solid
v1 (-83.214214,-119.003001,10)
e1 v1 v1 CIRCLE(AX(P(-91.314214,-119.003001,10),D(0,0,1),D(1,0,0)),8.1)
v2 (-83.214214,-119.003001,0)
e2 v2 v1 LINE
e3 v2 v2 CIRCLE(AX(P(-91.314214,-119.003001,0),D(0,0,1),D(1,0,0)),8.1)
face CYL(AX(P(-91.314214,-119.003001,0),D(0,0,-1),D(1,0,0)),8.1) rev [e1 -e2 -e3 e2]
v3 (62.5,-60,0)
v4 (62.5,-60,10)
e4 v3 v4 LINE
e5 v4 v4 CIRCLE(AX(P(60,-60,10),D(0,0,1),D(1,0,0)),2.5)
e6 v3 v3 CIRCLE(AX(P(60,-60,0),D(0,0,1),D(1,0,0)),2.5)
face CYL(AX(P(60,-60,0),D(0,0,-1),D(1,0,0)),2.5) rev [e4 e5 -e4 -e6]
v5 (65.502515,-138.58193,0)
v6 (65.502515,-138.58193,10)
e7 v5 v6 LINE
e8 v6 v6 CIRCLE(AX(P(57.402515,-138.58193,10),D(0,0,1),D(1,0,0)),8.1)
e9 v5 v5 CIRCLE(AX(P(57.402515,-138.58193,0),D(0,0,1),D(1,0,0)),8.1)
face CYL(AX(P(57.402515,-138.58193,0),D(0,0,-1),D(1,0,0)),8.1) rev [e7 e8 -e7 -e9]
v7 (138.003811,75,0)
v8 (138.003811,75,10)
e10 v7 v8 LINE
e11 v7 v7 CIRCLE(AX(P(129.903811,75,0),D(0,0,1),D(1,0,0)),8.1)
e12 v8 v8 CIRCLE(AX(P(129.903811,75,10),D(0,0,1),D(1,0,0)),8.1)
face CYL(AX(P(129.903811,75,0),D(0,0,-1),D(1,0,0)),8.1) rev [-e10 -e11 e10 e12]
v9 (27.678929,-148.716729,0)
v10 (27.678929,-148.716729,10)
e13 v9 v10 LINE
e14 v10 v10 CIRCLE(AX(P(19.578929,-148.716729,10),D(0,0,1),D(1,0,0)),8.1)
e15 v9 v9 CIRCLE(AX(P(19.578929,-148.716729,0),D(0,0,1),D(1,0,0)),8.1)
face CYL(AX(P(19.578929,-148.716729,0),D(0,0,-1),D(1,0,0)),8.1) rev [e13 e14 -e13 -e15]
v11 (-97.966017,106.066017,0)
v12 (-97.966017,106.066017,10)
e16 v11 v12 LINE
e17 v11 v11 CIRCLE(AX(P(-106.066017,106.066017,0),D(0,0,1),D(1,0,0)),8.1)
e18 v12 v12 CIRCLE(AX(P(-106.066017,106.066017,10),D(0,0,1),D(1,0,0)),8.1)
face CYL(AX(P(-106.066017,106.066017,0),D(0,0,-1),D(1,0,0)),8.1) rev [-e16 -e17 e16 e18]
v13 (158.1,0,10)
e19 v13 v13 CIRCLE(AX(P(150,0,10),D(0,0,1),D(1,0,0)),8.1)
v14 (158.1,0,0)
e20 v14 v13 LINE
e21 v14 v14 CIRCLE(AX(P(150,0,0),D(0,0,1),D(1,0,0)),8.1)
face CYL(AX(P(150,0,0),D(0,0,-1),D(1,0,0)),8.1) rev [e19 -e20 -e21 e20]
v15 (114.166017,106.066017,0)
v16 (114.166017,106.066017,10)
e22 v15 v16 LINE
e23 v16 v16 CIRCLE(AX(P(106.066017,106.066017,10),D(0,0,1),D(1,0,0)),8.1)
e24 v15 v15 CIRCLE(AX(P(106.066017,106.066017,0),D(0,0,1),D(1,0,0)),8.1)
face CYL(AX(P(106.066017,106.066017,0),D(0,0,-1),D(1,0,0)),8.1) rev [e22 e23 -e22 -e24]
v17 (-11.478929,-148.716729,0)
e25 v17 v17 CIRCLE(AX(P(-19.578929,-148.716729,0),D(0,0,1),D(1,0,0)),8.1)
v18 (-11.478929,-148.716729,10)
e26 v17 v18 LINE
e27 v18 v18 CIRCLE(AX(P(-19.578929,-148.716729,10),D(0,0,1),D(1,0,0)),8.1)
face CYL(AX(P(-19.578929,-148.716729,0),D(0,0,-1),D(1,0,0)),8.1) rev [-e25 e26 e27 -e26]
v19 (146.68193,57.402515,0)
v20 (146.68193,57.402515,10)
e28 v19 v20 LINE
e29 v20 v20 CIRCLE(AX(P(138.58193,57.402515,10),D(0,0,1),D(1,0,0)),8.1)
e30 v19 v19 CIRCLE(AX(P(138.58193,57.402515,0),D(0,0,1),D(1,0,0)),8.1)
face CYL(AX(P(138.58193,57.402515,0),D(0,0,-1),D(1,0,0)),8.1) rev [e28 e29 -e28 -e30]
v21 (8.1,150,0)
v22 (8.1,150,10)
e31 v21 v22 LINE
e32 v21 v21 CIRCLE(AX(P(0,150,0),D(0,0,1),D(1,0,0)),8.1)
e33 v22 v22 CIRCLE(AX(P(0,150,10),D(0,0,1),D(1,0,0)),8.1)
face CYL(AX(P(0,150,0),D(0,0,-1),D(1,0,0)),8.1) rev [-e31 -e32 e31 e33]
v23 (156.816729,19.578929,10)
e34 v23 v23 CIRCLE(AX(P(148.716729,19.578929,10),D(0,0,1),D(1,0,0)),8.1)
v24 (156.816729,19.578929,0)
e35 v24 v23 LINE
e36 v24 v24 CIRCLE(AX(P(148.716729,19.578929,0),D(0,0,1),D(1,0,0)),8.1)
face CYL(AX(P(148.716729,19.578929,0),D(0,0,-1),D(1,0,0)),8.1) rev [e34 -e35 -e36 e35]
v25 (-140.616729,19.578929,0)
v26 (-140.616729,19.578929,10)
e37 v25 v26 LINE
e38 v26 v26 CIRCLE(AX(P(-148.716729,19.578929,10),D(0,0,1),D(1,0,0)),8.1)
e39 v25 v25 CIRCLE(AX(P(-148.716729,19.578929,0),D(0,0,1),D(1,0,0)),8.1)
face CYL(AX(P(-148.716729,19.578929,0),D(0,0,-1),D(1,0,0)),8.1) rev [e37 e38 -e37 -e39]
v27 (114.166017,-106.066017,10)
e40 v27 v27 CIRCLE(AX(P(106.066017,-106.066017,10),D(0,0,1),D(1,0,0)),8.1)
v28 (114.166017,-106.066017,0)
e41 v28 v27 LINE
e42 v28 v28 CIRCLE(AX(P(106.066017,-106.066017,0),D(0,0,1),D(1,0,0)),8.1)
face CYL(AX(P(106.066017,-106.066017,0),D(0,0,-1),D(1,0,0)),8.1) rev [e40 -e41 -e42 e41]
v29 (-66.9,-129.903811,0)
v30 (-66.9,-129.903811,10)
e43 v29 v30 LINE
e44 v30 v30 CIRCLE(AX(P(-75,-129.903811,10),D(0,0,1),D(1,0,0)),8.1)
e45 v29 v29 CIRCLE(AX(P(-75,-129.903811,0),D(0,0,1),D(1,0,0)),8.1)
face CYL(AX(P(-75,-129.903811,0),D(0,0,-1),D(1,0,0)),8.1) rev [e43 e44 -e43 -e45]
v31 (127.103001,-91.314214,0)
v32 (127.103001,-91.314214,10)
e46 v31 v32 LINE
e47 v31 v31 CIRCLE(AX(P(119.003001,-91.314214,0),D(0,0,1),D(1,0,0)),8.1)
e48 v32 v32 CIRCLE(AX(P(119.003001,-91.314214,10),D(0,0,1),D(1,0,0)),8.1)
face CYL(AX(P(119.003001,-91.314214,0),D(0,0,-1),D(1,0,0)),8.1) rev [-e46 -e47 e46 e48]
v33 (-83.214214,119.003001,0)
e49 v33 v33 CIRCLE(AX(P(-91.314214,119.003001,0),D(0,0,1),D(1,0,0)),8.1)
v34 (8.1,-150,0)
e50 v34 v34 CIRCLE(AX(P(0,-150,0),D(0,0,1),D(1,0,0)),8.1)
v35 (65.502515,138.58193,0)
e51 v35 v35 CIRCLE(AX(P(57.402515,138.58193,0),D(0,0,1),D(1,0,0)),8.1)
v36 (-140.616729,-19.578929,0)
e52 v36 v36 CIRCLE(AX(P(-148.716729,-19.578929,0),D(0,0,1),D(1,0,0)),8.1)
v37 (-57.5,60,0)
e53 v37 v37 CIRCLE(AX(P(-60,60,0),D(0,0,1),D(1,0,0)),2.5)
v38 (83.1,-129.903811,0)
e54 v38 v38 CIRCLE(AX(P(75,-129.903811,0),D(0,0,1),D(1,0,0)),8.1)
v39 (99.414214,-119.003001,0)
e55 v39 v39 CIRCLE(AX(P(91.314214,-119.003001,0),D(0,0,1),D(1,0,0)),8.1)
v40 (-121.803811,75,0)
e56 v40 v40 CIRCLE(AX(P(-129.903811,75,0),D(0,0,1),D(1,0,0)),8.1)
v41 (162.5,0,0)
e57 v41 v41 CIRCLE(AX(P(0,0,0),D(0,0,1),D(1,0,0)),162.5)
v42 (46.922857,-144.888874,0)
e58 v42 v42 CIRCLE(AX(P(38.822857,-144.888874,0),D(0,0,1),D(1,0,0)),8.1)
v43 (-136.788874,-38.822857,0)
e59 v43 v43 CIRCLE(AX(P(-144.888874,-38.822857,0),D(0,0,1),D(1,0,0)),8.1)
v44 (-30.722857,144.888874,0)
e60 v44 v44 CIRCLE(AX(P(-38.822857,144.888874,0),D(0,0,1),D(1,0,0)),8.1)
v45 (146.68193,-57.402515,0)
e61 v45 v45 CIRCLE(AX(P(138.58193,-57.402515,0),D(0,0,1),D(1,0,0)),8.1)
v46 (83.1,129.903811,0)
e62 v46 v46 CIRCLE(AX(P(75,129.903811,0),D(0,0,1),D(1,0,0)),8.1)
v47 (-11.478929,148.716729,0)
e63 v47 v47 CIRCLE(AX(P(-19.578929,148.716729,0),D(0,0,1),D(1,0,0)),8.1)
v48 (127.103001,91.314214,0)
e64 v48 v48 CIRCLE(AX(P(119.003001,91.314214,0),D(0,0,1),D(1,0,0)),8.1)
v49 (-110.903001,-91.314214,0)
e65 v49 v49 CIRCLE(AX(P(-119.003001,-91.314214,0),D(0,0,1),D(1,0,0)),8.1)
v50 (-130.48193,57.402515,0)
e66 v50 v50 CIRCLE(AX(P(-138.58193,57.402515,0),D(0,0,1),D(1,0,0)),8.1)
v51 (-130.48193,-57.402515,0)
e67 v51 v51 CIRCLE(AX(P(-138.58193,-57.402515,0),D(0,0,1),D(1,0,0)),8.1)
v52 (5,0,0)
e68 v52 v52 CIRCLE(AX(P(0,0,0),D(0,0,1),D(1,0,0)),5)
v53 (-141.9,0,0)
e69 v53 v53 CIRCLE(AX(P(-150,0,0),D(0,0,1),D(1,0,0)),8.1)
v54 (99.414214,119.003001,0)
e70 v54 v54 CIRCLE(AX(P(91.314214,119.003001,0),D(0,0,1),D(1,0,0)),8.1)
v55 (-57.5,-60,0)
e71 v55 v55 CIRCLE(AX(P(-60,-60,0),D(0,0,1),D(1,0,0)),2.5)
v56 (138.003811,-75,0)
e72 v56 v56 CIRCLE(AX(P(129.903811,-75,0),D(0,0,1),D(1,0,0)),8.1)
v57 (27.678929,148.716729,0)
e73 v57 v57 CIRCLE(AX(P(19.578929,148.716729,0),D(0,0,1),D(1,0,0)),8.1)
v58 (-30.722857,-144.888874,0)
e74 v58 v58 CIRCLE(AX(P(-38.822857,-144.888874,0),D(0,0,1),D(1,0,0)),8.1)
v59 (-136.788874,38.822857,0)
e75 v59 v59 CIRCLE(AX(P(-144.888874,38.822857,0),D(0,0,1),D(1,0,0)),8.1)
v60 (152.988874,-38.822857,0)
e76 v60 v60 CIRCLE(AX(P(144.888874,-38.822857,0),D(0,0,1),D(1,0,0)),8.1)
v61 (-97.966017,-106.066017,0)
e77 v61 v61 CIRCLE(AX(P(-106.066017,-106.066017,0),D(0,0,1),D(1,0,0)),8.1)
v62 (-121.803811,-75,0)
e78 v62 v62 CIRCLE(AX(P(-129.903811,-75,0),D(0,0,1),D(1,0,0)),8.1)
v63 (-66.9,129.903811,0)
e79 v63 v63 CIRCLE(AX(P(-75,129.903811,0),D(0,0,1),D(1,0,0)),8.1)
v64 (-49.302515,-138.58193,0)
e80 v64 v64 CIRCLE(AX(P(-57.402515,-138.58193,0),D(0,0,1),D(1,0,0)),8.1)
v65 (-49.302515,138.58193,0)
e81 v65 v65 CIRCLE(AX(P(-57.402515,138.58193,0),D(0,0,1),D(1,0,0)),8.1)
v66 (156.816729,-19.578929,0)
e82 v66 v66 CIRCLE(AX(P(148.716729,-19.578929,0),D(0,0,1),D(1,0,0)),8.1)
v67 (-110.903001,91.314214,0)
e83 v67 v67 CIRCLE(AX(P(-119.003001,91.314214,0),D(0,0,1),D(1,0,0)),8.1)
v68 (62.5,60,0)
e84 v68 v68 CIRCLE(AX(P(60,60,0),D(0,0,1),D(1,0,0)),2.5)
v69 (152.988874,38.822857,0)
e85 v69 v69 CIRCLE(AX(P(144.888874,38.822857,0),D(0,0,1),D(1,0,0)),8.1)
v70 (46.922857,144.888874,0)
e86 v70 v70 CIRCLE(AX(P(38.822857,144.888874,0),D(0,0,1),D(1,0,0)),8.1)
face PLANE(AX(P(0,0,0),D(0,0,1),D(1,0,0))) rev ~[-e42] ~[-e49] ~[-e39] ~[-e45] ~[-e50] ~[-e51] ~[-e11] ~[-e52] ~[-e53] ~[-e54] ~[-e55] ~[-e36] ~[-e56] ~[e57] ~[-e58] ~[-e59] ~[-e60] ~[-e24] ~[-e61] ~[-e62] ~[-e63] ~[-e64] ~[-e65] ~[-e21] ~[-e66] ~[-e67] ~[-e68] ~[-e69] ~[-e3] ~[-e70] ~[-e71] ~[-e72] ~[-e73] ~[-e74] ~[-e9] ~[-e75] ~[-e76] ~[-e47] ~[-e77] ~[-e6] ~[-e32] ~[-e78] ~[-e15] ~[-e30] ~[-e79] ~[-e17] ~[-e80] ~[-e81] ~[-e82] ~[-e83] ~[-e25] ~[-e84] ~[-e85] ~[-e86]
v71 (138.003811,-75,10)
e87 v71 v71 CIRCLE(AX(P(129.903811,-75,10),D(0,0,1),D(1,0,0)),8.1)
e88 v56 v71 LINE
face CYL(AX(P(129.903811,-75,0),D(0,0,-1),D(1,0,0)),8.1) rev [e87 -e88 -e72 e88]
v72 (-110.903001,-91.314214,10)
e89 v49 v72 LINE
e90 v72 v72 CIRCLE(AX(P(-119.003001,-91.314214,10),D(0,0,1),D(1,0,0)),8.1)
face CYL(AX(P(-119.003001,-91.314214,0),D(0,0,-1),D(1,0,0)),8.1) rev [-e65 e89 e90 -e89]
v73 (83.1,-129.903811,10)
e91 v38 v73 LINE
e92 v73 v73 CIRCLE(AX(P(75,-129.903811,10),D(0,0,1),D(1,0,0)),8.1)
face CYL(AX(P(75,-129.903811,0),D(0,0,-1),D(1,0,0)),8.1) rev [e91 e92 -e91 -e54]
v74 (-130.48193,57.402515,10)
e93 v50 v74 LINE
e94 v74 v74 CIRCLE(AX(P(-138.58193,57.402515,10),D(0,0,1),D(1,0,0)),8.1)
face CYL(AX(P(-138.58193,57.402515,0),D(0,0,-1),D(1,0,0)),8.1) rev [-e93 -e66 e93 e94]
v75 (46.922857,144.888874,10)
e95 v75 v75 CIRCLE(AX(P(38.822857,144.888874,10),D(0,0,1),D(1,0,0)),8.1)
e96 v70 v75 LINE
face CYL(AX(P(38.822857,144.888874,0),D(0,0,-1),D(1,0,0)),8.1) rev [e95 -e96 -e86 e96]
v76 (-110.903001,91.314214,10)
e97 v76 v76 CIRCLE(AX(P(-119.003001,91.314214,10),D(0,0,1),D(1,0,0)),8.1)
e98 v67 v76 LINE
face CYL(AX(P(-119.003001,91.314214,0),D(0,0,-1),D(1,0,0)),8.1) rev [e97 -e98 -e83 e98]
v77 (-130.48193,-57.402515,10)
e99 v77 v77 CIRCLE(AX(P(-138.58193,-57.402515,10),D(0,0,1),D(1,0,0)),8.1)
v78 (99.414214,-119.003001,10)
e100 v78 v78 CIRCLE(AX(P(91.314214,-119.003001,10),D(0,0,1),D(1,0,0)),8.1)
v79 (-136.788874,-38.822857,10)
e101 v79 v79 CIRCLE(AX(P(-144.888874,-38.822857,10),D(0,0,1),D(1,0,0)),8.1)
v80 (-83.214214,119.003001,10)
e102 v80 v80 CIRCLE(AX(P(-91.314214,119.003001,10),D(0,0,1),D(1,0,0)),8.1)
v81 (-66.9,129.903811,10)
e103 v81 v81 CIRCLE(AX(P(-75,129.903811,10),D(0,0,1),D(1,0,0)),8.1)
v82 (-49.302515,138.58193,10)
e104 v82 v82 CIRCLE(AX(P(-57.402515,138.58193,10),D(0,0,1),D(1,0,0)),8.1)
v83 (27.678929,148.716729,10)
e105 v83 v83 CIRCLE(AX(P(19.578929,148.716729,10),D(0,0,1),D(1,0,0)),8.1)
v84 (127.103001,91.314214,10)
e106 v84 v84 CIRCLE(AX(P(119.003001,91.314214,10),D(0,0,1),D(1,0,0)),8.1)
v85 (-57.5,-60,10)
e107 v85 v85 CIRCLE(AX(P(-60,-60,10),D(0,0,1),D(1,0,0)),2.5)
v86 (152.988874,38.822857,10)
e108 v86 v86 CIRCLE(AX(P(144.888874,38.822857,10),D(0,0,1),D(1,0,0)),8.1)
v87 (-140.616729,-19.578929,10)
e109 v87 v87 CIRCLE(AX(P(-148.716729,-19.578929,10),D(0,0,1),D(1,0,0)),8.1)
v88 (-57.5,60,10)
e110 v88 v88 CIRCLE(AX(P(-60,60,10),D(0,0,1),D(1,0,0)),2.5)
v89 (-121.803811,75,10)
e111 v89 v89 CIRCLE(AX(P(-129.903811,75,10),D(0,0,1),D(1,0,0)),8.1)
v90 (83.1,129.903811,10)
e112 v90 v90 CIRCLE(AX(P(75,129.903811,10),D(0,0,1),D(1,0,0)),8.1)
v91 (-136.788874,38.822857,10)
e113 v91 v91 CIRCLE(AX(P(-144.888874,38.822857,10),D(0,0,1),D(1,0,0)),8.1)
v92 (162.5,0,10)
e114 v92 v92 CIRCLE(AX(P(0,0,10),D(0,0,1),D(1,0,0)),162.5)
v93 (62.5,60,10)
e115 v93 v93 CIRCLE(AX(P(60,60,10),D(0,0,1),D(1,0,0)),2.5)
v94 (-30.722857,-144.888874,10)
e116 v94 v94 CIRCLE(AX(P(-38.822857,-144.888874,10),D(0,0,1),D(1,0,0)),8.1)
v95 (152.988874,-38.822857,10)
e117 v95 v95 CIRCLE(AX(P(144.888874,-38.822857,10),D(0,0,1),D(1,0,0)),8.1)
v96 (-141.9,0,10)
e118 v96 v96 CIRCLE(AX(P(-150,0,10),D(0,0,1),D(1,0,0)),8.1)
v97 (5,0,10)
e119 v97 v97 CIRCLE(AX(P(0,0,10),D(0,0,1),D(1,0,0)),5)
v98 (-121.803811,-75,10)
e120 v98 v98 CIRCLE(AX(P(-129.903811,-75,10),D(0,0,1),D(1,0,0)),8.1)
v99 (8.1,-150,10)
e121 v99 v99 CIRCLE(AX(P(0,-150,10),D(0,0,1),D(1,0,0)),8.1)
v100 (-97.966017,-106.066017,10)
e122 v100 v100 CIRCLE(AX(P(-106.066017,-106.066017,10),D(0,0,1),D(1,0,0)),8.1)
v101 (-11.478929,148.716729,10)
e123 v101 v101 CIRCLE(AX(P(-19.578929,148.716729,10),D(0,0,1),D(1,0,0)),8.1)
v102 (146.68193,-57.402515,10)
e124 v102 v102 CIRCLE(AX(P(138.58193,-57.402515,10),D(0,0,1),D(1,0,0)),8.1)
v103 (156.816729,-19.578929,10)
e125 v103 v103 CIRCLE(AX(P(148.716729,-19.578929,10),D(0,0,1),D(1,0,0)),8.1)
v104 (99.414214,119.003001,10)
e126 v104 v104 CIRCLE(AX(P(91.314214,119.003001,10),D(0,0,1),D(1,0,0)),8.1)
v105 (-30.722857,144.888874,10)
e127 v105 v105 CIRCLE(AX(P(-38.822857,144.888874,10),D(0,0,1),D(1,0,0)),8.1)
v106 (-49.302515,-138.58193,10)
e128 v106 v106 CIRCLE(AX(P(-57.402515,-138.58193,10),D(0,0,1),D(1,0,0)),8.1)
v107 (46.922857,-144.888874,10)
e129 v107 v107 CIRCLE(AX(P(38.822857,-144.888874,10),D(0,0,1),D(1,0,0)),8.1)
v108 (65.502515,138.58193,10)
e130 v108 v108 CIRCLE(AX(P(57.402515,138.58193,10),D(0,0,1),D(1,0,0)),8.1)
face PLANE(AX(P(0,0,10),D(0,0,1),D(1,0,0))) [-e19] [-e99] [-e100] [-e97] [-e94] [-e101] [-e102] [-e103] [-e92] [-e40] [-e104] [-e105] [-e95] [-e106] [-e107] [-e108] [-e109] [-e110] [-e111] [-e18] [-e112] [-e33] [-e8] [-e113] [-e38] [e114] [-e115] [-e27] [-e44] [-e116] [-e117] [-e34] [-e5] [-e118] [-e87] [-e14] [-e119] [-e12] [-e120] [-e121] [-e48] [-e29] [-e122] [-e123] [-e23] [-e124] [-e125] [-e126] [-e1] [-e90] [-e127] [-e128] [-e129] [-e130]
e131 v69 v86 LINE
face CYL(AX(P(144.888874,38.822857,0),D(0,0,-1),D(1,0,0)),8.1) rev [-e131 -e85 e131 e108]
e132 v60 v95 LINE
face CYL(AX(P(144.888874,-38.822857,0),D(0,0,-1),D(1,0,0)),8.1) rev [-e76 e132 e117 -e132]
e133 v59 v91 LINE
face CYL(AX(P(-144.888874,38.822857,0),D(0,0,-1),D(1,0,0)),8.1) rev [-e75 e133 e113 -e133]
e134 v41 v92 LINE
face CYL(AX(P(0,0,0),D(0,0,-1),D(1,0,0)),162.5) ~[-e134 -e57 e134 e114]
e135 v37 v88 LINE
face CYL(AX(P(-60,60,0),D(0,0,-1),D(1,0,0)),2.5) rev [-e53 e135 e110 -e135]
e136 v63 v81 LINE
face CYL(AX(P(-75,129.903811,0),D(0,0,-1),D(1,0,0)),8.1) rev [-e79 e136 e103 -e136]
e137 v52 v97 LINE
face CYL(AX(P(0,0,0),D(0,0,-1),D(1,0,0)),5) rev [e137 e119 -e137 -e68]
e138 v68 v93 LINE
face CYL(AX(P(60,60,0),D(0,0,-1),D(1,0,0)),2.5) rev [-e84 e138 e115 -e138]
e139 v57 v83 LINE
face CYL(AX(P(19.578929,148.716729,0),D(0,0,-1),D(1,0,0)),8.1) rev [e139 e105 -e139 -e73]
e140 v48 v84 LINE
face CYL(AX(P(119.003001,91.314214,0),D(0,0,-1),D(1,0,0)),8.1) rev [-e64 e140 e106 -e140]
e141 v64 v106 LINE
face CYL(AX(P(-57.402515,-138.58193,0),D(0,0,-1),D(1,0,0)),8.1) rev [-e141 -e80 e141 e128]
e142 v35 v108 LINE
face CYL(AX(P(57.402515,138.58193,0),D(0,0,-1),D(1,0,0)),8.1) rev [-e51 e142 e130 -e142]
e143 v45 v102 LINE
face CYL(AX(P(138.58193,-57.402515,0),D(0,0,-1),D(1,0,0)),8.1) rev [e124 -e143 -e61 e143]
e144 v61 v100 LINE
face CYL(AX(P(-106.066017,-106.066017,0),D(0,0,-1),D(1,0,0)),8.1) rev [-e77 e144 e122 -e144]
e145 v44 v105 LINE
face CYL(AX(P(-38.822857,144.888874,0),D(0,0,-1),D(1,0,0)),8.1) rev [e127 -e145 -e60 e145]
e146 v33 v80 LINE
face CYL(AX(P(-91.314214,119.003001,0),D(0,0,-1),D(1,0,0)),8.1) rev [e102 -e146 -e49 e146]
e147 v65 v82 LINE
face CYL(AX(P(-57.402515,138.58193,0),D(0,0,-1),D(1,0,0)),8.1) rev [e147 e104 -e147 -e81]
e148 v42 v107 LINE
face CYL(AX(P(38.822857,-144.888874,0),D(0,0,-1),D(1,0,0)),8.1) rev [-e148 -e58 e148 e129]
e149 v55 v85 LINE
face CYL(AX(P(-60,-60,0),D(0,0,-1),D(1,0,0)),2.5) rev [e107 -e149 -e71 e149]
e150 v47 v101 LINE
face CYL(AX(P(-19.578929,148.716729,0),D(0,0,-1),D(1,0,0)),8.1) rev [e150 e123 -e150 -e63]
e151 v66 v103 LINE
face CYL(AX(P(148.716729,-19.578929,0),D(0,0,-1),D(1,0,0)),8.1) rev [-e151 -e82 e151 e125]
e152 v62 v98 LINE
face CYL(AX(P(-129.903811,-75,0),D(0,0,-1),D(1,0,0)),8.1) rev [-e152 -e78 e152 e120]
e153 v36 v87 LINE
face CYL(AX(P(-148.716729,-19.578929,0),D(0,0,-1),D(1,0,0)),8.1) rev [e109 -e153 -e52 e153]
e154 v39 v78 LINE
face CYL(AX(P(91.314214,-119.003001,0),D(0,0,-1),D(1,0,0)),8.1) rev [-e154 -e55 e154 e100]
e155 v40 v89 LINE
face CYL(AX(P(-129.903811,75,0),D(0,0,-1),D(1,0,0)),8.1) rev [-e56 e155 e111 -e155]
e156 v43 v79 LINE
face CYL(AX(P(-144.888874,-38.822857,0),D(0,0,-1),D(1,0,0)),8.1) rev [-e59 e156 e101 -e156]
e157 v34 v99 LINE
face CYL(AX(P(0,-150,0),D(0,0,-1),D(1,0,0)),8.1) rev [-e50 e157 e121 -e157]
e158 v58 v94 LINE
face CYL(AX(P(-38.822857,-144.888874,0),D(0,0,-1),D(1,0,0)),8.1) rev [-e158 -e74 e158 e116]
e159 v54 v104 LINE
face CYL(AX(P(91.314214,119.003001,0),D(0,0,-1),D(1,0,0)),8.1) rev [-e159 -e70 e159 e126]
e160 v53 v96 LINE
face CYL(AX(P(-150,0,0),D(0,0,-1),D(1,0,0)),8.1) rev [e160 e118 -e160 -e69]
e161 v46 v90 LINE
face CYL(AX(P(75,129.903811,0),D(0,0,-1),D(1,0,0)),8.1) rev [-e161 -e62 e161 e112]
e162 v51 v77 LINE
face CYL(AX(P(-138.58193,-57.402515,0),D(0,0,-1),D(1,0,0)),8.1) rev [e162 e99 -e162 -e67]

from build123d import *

# Parameters (mm, degrees)
F0_R     = 162.5
F0_R_2   = 8.1
F0_R_3   = 2.5
F0_R_4   = 5
F1_DEPTH = 10


with BuildPart() as f1:
    # F0 (on Top) → F1 (new body)
    with BuildSketch(Plane.XY):
        Circle(F0_R)
        with Locations((-106.066017, -106.066017)):
            Circle(F0_R_2, mode=Mode.SUBTRACT)
        with Locations((-91.314214, -119.003001)):
            Circle(F0_R_2, mode=Mode.SUBTRACT)
        with Locations((-119.003001, -91.314214)):
            Circle(F0_R_2, mode=Mode.SUBTRACT)
        with Locations((-75, -129.903811)):
            Circle(F0_R_2, mode=Mode.SUBTRACT)
        with Locations((-57.402515, -138.58193)):
            Circle(F0_R_2, mode=Mode.SUBTRACT)
        with Locations((-38.822857, -144.888874)):
            Circle(F0_R_2, mode=Mode.SUBTRACT)
        with Locations((-19.578929, -148.716729)):
            Circle(F0_R_2, mode=Mode.SUBTRACT)
        with Locations((-129.903811, -75)):
            Circle(F0_R_2, mode=Mode.SUBTRACT)
        with Locations((-138.58193, -57.402515)):
            Circle(F0_R_2, mode=Mode.SUBTRACT)
        with Locations((-144.888874, -38.822857)):
            Circle(F0_R_2, mode=Mode.SUBTRACT)
        with Locations((-148.716729, -19.578929)):
            Circle(F0_R_2, mode=Mode.SUBTRACT)
        with Locations((-60, -60)):
            Circle(F0_R_3, mode=Mode.SUBTRACT)
        with Locations((0, -150)):
            Circle(F0_R_2, mode=Mode.SUBTRACT)
        with Locations((19.578929, -148.716729)):
            Circle(F0_R_2, mode=Mode.SUBTRACT)
        with Locations((38.822857, -144.888874)):
            Circle(F0_R_2, mode=Mode.SUBTRACT)
        with Locations((57.402515, -138.58193)):
            Circle(F0_R_2, mode=Mode.SUBTRACT)
        with Locations((75, -129.903811)):
            Circle(F0_R_2, mode=Mode.SUBTRACT)
        with Locations((91.314214, -119.003001)):
            Circle(F0_R_2, mode=Mode.SUBTRACT)
        with Locations((106.066017, -106.066017)):
            Circle(F0_R_2, mode=Mode.SUBTRACT)
        with Locations((119.003001, -91.314214)):
            Circle(F0_R_2, mode=Mode.SUBTRACT)
        with Locations((60, -60)):
            Circle(F0_R_3, mode=Mode.SUBTRACT)
        with Locations((129.903811, -75)):
            Circle(F0_R_2, mode=Mode.SUBTRACT)
        with Locations((138.58193, -57.402515)):
            Circle(F0_R_2, mode=Mode.SUBTRACT)
        with Locations((144.888874, -38.822857)):
            Circle(F0_R_2, mode=Mode.SUBTRACT)
        with Locations((148.716729, -19.578929)):
            Circle(F0_R_2, mode=Mode.SUBTRACT)
        with Locations((-150, 0)):
            Circle(F0_R_2, mode=Mode.SUBTRACT)
        with Locations((-148.716729, 19.578929)):
            Circle(F0_R_2, mode=Mode.SUBTRACT)
        with Locations((-144.888874, 38.822857)):
            Circle(F0_R_2, mode=Mode.SUBTRACT)
        with Locations((-138.58193, 57.402515)):
            Circle(F0_R_2, mode=Mode.SUBTRACT)
        with Locations((-129.903811, 75)):
            Circle(F0_R_2, mode=Mode.SUBTRACT)
        with Locations((-60, 60)):
            Circle(F0_R_3, mode=Mode.SUBTRACT)
        with Locations((-119.003001, 91.314214)):
            Circle(F0_R_2, mode=Mode.SUBTRACT)
        with Locations((-106.066017, 106.066017)):
            Circle(F0_R_2, mode=Mode.SUBTRACT)
        with Locations((-91.314214, 119.003001)):
            Circle(F0_R_2, mode=Mode.SUBTRACT)
        with Locations((-75, 129.903811)):
            Circle(F0_R_2, mode=Mode.SUBTRACT)
        with Locations((-57.402515, 138.58193)):
            Circle(F0_R_2, mode=Mode.SUBTRACT)
        with Locations((-38.822857, 144.888874)):
            Circle(F0_R_2, mode=Mode.SUBTRACT)
        with Locations((-19.578929, 148.716729)):
            Circle(F0_R_2, mode=Mode.SUBTRACT)
        Circle(F0_R_4, mode=Mode.SUBTRACT)
        with Locations((60, 60)):
            Circle(F0_R_3, mode=Mode.SUBTRACT)
        with Locations((150, 0)):
            Circle(F0_R_2, mode=Mode.SUBTRACT)
        with Locations((148.716729, 19.578929)):
            Circle(F0_R_2, mode=Mode.SUBTRACT)
        with Locations((144.888874, 38.822857)):
            Circle(F0_R_2, mode=Mode.SUBTRACT)
        with Locations((138.58193, 57.402515)):
            Circle(F0_R_2, mode=Mode.SUBTRACT)
        with Locations((129.903811, 75)):
            Circle(F0_R_2, mode=Mode.SUBTRACT)
        with Locations((0, 150)):
            Circle(F0_R_2, mode=Mode.SUBTRACT)
        with Locations((19.578929, 148.716729)):
            Circle(F0_R_2, mode=Mode.SUBTRACT)
        with Locations((38.822857, 144.888874)):
            Circle(F0_R_2, mode=Mode.SUBTRACT)
        with Locations((57.402515, 138.58193)):
            Circle(F0_R_2, mode=Mode.SUBTRACT)
        with Locations((75, 129.903811)):
            Circle(F0_R_2, mode=Mode.SUBTRACT)
        with Locations((119.003001, 91.314214)):
            Circle(F0_R_2, mode=Mode.SUBTRACT)
        with Locations((91.314214, 119.003001)):
            Circle(F0_R_2, mode=Mode.SUBTRACT)
        with Locations((106.066017, 106.066017)):
            Circle(F0_R_2, mode=Mode.SUBTRACT)
    extrude(amount=F1_DEPTH)


solid = f1.part
